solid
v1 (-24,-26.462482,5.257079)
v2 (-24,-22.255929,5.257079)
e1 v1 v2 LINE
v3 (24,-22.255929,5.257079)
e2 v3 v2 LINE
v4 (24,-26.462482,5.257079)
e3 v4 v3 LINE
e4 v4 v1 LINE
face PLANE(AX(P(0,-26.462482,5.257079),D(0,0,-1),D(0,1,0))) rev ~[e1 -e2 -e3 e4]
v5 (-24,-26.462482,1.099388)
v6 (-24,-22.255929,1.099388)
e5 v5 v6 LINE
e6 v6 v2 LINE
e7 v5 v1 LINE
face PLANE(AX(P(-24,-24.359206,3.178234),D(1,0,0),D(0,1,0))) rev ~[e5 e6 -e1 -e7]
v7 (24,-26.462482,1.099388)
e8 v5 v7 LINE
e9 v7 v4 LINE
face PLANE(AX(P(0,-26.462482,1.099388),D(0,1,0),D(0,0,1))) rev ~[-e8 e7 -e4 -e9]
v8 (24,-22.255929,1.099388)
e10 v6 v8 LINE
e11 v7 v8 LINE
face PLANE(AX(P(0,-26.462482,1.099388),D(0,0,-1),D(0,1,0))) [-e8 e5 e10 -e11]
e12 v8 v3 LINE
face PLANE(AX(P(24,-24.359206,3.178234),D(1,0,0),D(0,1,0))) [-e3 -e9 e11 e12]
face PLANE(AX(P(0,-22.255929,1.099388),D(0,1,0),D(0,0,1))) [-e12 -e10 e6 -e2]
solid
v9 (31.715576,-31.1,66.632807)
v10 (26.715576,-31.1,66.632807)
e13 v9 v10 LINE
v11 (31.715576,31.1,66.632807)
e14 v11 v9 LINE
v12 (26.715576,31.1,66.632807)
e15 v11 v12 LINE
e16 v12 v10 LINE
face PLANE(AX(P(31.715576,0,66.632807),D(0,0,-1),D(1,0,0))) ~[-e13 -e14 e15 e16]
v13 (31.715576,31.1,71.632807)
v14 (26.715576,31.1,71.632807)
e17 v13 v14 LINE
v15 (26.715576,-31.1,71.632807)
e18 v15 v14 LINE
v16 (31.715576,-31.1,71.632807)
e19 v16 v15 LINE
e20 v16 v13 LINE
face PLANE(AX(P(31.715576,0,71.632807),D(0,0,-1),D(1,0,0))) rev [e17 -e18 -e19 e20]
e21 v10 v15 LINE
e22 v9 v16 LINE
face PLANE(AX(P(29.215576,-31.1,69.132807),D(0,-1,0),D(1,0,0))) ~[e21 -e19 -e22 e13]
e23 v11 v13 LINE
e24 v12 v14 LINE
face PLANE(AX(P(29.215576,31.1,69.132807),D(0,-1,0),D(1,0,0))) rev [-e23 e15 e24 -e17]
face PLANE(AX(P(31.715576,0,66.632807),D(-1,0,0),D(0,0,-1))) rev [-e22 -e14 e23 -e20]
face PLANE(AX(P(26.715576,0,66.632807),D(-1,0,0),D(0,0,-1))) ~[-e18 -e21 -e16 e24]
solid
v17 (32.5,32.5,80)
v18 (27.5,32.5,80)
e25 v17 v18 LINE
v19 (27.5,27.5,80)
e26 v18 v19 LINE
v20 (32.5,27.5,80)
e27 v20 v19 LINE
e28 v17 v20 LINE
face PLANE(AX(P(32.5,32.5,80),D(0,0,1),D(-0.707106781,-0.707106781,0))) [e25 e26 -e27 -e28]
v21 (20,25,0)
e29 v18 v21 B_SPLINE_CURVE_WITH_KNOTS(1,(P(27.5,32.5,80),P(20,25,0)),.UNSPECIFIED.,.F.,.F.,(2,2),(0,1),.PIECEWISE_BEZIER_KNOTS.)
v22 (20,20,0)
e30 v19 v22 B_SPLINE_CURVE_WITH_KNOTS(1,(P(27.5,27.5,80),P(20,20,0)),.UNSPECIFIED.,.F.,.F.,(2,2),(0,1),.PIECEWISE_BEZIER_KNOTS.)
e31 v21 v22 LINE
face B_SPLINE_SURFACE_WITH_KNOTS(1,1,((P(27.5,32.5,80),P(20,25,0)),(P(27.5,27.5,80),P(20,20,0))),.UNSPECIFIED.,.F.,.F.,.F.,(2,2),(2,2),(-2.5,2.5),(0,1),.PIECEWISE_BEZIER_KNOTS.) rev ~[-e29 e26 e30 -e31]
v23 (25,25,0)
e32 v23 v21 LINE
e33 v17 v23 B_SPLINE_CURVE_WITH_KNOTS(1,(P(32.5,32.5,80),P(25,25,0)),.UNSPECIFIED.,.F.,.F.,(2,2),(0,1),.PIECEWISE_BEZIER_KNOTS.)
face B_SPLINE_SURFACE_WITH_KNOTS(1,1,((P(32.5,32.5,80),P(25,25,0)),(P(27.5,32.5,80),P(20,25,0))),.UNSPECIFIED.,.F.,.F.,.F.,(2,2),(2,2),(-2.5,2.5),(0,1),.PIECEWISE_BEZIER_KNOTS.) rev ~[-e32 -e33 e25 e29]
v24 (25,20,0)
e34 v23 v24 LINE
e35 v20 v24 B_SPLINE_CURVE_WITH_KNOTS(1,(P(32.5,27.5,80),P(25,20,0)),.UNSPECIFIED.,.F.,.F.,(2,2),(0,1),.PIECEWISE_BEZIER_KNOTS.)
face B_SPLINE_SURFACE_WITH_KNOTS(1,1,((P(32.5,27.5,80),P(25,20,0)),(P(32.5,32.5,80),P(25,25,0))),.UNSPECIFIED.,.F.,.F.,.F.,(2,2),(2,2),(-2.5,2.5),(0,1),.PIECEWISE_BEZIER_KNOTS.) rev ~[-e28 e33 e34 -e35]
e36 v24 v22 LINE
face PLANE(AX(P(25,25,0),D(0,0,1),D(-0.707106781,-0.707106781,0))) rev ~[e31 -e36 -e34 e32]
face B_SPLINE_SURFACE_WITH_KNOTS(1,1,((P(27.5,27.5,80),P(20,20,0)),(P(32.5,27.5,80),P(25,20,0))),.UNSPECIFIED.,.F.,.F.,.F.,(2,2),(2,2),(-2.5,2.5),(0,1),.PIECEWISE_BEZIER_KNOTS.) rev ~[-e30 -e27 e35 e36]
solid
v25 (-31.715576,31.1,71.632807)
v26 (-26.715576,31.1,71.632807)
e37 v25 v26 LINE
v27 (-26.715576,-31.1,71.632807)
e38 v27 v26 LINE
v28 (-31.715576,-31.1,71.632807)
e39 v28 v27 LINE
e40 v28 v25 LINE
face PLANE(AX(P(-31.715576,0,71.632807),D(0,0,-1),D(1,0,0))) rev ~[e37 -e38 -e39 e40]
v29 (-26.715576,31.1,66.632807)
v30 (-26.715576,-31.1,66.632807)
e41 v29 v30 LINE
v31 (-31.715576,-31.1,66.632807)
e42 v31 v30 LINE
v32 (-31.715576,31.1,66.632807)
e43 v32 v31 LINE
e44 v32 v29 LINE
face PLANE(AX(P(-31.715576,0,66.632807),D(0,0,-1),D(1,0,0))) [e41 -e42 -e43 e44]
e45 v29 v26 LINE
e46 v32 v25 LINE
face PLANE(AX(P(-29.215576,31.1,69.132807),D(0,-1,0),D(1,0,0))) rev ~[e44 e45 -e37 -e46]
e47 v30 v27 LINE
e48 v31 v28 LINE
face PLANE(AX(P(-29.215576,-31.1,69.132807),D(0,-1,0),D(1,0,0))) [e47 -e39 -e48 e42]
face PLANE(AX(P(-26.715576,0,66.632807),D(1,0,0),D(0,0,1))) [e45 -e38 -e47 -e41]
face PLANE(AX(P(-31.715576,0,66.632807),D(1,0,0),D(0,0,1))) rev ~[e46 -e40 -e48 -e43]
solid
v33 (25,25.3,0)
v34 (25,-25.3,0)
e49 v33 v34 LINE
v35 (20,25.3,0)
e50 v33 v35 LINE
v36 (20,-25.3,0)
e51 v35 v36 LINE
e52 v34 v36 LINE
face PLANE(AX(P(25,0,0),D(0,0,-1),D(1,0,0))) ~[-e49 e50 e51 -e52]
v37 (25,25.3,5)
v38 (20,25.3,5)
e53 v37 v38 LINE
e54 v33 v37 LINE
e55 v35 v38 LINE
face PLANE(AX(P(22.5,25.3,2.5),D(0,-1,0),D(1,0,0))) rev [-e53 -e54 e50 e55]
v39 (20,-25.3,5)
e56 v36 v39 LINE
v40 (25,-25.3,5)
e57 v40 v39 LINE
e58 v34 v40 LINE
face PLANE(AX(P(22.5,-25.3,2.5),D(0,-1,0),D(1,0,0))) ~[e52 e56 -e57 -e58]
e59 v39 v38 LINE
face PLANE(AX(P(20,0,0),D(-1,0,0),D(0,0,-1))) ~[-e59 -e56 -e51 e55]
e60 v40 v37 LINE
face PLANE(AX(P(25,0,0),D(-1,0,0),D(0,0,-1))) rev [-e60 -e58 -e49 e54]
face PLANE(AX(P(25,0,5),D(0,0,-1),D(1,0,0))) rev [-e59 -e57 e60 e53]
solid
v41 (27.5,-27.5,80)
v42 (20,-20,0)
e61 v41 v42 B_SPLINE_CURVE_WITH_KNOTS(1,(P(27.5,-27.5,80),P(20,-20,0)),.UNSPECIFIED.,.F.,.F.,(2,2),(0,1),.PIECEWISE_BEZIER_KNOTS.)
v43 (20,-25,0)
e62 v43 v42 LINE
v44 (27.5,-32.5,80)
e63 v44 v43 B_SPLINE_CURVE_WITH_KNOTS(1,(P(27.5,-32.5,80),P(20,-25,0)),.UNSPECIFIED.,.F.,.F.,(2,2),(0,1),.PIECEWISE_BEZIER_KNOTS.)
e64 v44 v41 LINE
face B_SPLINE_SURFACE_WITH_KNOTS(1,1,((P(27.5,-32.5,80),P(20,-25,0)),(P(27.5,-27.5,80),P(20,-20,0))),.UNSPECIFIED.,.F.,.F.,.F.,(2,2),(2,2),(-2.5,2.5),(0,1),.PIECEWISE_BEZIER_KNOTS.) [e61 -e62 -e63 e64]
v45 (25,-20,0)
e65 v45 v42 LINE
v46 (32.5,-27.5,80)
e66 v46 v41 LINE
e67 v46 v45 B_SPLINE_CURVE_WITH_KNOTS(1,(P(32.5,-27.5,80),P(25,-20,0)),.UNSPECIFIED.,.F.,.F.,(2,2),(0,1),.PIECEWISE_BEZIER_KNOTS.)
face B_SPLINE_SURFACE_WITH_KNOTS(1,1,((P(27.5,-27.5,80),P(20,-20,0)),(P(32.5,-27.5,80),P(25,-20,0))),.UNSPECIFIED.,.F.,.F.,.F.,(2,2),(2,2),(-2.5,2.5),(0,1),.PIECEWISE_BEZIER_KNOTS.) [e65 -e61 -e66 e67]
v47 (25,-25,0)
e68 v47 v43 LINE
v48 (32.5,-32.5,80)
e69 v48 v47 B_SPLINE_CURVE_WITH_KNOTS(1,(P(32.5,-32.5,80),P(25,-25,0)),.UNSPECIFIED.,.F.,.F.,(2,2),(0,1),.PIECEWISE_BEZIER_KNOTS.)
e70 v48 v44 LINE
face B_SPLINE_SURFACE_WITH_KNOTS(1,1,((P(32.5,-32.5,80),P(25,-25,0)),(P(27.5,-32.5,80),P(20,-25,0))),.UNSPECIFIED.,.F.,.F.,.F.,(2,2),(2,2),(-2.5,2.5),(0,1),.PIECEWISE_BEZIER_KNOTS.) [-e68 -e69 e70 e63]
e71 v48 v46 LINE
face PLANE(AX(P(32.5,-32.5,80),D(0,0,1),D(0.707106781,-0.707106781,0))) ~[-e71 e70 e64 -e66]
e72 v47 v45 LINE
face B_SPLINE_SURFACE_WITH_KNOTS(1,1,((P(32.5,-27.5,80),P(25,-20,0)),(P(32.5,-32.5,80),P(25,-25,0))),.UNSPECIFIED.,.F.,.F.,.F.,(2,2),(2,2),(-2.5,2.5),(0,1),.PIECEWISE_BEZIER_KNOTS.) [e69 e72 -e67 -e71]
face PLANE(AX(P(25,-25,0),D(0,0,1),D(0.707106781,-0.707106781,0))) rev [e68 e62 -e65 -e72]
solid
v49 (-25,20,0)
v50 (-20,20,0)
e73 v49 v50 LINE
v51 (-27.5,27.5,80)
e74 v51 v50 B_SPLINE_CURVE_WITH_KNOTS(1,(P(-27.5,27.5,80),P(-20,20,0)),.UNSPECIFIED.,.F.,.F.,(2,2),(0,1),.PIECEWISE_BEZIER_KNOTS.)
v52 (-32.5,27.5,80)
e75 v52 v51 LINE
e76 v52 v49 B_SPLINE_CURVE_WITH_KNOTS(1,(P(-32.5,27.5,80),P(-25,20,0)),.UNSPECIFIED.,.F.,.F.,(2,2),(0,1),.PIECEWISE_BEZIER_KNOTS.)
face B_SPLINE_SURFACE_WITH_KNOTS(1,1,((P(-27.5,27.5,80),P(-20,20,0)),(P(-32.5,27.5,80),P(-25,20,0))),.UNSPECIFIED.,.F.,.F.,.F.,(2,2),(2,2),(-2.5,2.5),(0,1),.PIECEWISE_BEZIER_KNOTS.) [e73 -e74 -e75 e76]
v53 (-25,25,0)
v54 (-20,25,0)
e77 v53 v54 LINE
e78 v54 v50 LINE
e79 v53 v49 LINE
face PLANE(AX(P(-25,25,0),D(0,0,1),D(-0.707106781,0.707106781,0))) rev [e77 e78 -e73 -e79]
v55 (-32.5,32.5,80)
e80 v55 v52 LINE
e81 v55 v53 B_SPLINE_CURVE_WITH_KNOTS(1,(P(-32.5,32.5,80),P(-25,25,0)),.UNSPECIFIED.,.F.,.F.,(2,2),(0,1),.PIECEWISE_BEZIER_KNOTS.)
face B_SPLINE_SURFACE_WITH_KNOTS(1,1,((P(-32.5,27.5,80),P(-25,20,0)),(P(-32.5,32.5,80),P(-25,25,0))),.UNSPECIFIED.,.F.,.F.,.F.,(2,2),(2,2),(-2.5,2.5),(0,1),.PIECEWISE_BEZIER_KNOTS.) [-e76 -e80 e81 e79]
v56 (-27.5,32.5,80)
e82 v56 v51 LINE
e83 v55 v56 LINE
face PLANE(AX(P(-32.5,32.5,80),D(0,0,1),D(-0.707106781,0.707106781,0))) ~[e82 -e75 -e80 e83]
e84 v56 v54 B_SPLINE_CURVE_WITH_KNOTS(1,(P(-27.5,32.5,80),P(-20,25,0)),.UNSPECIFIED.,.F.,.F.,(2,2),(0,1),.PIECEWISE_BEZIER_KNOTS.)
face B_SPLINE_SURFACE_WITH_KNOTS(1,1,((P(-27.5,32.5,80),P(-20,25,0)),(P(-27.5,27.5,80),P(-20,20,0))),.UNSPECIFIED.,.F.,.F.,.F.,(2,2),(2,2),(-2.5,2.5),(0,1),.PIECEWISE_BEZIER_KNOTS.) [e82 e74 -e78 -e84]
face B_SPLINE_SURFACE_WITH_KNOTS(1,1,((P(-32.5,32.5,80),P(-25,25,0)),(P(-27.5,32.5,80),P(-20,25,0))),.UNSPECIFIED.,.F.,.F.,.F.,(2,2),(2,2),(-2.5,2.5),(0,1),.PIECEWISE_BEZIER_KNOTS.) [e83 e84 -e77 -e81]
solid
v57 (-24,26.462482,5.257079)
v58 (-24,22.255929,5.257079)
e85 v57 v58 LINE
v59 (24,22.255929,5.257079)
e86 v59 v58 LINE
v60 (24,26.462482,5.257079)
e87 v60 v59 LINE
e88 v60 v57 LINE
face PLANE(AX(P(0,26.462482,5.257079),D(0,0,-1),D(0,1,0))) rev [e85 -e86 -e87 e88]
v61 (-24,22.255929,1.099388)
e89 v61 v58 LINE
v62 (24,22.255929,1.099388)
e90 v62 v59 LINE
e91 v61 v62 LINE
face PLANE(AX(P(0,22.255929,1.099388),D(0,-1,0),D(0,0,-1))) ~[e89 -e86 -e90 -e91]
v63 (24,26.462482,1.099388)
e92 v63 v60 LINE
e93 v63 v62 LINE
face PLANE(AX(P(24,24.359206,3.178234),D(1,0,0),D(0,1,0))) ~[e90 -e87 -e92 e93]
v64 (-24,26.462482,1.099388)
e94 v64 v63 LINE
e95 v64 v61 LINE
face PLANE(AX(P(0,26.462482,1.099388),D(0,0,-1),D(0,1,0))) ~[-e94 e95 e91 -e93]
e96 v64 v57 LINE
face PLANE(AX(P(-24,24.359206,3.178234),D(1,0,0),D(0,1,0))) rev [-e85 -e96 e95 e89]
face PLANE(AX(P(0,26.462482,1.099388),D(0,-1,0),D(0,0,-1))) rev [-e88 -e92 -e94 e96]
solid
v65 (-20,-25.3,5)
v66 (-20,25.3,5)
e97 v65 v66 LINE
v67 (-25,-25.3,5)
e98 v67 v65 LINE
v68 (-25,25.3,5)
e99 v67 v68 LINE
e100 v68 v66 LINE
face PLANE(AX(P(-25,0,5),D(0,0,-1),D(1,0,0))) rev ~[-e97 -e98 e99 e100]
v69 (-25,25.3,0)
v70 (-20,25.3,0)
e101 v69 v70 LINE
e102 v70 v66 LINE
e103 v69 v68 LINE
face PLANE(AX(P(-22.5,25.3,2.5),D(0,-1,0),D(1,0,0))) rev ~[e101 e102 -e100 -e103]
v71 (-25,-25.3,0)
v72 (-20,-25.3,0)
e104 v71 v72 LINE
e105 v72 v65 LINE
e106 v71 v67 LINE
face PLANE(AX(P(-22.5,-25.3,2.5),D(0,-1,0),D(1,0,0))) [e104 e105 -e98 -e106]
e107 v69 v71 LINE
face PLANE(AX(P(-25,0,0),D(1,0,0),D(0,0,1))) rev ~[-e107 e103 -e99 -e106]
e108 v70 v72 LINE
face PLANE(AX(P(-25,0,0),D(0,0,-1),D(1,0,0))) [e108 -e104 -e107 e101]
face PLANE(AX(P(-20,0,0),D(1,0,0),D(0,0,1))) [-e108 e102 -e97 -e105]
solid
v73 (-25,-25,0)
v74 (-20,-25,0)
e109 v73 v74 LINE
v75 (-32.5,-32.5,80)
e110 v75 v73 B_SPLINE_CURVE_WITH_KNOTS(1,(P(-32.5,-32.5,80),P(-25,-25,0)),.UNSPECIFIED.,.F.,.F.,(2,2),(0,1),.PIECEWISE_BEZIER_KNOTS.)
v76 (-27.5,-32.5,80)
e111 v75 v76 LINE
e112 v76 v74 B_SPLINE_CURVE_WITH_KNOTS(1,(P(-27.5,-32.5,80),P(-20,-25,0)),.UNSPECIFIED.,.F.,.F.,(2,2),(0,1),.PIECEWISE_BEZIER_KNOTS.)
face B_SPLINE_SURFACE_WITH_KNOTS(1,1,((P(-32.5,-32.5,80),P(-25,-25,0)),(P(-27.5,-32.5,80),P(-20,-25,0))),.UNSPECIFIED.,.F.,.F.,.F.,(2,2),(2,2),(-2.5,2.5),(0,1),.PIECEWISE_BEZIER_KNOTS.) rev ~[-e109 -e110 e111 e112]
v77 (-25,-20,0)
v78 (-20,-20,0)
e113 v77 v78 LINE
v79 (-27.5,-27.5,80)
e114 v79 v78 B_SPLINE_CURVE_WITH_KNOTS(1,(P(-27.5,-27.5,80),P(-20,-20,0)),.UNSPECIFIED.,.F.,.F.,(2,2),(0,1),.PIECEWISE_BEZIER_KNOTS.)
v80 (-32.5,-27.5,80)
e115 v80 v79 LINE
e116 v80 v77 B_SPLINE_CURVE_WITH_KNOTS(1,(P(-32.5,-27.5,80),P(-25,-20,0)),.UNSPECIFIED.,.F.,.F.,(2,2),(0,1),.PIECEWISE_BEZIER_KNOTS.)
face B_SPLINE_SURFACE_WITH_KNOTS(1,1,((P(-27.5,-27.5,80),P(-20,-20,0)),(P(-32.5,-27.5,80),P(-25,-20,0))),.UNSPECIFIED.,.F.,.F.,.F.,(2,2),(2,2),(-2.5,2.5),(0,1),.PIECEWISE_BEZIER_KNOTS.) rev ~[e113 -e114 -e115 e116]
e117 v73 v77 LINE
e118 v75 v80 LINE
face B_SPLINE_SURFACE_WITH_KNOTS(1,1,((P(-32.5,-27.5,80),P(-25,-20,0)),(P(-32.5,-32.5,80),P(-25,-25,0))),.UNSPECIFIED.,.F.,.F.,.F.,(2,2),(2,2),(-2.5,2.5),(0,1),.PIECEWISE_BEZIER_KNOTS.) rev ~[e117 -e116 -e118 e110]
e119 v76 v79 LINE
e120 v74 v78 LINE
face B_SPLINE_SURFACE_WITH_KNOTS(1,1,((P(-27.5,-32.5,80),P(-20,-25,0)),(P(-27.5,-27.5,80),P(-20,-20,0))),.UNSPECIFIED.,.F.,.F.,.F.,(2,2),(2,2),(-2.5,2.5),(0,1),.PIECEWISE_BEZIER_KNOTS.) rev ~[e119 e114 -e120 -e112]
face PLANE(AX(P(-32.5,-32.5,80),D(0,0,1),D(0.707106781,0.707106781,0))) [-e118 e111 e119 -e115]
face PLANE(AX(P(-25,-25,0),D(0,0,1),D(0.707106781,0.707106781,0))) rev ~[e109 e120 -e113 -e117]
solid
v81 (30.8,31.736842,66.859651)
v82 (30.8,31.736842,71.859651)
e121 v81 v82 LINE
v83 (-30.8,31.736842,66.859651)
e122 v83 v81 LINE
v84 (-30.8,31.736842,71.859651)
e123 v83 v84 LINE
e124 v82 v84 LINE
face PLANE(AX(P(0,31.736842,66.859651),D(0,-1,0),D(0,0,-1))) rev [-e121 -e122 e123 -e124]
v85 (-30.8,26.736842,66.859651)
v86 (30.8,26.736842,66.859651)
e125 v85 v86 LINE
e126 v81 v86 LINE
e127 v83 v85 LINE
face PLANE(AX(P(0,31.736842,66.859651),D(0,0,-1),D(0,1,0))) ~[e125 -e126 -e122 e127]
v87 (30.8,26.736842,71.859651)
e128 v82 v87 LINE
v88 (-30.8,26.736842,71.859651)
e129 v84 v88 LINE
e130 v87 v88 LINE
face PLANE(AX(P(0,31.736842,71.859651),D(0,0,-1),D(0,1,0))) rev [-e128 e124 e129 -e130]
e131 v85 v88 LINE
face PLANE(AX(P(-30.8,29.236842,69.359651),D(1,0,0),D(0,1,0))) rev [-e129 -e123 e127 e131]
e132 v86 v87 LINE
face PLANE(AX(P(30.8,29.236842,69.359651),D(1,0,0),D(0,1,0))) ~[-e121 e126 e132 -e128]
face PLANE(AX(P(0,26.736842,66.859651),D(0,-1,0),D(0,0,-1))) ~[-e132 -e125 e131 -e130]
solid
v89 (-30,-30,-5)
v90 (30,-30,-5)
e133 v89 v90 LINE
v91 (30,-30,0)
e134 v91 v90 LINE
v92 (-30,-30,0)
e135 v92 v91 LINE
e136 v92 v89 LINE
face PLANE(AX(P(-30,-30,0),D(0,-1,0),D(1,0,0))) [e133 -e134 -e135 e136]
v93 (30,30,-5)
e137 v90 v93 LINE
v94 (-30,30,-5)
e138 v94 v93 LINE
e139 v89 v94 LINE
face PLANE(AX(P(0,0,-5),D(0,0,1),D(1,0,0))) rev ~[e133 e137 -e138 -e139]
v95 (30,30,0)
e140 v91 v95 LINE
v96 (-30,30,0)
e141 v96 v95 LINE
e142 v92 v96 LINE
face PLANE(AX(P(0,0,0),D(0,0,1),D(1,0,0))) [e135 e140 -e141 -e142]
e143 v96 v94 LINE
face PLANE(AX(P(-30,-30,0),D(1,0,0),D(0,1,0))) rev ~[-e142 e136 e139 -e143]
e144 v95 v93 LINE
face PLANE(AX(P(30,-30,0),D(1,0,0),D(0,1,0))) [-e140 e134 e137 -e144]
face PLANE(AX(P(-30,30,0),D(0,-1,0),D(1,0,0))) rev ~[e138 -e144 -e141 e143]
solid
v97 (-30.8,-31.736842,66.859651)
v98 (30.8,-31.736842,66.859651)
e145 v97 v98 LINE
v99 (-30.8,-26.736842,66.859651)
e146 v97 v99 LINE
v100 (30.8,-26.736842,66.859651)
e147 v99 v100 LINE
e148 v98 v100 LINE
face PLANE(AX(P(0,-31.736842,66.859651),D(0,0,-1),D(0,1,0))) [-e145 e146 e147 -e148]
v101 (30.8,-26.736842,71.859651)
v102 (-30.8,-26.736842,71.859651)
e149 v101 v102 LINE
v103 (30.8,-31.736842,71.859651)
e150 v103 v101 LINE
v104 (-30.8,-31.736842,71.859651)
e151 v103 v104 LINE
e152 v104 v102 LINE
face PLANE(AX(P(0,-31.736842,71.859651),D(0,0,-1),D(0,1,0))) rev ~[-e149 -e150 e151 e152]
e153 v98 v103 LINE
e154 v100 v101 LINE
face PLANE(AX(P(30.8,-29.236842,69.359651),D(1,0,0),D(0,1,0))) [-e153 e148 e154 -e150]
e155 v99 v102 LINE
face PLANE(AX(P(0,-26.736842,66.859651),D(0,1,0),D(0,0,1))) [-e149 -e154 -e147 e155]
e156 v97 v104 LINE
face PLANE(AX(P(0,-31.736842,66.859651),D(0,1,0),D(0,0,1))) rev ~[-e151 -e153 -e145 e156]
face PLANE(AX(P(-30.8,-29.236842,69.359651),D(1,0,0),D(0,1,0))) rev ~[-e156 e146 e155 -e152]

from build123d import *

# Parameters (mm, degrees)
F0_W      = 60
F0_H      = 60
F0_W_2    = 5
F0_H_2    = 5
F3_DEPTH  = 5
F2_W      = 5
F2_H      = 5
F7_W      = 5
F7_H      = 5
F8_DEPTH  = 25.3
F10_W     = 5
F10_H     = 5
F11_DEPTH = 30.8
F10_W_2   = 4.2065531015
F10_H_2   = 4.157690797
F13_DEPTH = 24
F15_W     = 5
F15_H     = 5
F16_DEPTH = 31.1


with BuildPart() as f3:
    # F0 (on Top) → F3 (new body)
    with BuildSketch(Plane.XY):
        Rectangle(F0_W, F0_H)
        with Locations((-22.5, -22.5)):
            Rectangle(F0_W_2, F0_H_2, mode=Mode.SUBTRACT)
        with Locations((22.5, -22.5)):
            Rectangle(F0_W_2, F0_H_2, mode=Mode.SUBTRACT)
        with Locations((-22.5, 22.5)):
            Rectangle(F0_W_2, F0_H_2, mode=Mode.SUBTRACT)
        with Locations((22.5, 22.5)):
            Rectangle(F0_W_2, F0_H_2, mode=Mode.SUBTRACT)
        with Locations((22.5, 22.5)):
            Rectangle(F0_W_2, F0_H_2)
        with Locations((22.5, -22.5)):
            Rectangle(F0_W_2, F0_H_2)
        with Locations((-22.5, -22.5)):
            Rectangle(F0_W_2, F0_H_2)
        with Locations((-22.5, 22.5)):
            Rectangle(F0_W_2, F0_H_2)
    extrude(amount=-F3_DEPTH)


with BuildPart() as f4:
    # F2 (on offset) → F4 section 0
    with BuildSketch(Plane.XY.offset(80)):
        with Locations((-30, -30)):
            Rectangle(F2_W, F2_H)
    # F0 (on Top) → F4 section 1
    with BuildSketch(Plane.XY):
        with Locations((-22.5, -22.5)):
            Rectangle(F0_W_2, F0_H_2)
    loft()


with BuildPart() as f5_1:
    # F5: instance of F4
    add(f4.part.mirror(Plane.XZ))


with BuildPart() as f6_1:
    # F6: instance of F5_1
    add(f5_1.part.mirror(Plane.YZ))


with BuildPart() as f6_2:
    # F6: instance of F4
    add(f4.part.mirror(Plane.YZ))


with BuildPart() as f8:
    # F7 (on Front) → F8 (new body, symmetric)
    with BuildSketch(Plane.XZ):
        with Locations((-22.5, 2.5)):
            Rectangle(F7_W, F7_H)
    extrude(amount=F8_DEPTH, both=True)


with BuildPart() as f9_1:
    # F9: instance of F8
    add(f8.part.mirror(Plane.YZ))


with BuildPart() as f11:
    # F10 (on Right) → F11 (new body, symmetric)
    with BuildSketch(Plane.YZ):
        with Locations((-29.2368422557, 69.3596507278)):
            Rectangle(F10_W, F10_H)
    extrude(amount=F11_DEPTH, both=True)


with BuildPart() as f12_1:
    # F12: instance of F11
    add(f11.part.mirror(Plane.XZ))


with BuildPart() as f13:
    # F10 (on Right) → F13 (new body, symmetric)
    with BuildSketch(Plane.YZ):
        with Locations((-24.3592057377, 3.1782335136)):
            Rectangle(F10_W_2, F10_H_2)
    extrude(amount=F13_DEPTH, both=True)


with BuildPart() as f14_1:
    # F14: instance of F13
    add(f13.part.mirror(Plane.XZ))


with BuildPart() as f16:
    # F15 (on Front) → F16 (new body, symmetric)
    with BuildSketch(Plane.XZ):
        with Locations((-29.2155756838, 69.1328072941)):
            Rectangle(F15_W, F15_H)
    extrude(amount=F16_DEPTH, both=True)


with BuildPart() as f17_1:
    # F17: instance of F16
    add(f16.part.mirror(Plane.YZ))


solid = Compound([f3.part, f4.part, f5_1.part, f6_1.part, f6_2.part, f8.part, f9_1.part, f11.part, f12_1.part, f13.part, f14_1.part, f16.part, f17_1.part])
